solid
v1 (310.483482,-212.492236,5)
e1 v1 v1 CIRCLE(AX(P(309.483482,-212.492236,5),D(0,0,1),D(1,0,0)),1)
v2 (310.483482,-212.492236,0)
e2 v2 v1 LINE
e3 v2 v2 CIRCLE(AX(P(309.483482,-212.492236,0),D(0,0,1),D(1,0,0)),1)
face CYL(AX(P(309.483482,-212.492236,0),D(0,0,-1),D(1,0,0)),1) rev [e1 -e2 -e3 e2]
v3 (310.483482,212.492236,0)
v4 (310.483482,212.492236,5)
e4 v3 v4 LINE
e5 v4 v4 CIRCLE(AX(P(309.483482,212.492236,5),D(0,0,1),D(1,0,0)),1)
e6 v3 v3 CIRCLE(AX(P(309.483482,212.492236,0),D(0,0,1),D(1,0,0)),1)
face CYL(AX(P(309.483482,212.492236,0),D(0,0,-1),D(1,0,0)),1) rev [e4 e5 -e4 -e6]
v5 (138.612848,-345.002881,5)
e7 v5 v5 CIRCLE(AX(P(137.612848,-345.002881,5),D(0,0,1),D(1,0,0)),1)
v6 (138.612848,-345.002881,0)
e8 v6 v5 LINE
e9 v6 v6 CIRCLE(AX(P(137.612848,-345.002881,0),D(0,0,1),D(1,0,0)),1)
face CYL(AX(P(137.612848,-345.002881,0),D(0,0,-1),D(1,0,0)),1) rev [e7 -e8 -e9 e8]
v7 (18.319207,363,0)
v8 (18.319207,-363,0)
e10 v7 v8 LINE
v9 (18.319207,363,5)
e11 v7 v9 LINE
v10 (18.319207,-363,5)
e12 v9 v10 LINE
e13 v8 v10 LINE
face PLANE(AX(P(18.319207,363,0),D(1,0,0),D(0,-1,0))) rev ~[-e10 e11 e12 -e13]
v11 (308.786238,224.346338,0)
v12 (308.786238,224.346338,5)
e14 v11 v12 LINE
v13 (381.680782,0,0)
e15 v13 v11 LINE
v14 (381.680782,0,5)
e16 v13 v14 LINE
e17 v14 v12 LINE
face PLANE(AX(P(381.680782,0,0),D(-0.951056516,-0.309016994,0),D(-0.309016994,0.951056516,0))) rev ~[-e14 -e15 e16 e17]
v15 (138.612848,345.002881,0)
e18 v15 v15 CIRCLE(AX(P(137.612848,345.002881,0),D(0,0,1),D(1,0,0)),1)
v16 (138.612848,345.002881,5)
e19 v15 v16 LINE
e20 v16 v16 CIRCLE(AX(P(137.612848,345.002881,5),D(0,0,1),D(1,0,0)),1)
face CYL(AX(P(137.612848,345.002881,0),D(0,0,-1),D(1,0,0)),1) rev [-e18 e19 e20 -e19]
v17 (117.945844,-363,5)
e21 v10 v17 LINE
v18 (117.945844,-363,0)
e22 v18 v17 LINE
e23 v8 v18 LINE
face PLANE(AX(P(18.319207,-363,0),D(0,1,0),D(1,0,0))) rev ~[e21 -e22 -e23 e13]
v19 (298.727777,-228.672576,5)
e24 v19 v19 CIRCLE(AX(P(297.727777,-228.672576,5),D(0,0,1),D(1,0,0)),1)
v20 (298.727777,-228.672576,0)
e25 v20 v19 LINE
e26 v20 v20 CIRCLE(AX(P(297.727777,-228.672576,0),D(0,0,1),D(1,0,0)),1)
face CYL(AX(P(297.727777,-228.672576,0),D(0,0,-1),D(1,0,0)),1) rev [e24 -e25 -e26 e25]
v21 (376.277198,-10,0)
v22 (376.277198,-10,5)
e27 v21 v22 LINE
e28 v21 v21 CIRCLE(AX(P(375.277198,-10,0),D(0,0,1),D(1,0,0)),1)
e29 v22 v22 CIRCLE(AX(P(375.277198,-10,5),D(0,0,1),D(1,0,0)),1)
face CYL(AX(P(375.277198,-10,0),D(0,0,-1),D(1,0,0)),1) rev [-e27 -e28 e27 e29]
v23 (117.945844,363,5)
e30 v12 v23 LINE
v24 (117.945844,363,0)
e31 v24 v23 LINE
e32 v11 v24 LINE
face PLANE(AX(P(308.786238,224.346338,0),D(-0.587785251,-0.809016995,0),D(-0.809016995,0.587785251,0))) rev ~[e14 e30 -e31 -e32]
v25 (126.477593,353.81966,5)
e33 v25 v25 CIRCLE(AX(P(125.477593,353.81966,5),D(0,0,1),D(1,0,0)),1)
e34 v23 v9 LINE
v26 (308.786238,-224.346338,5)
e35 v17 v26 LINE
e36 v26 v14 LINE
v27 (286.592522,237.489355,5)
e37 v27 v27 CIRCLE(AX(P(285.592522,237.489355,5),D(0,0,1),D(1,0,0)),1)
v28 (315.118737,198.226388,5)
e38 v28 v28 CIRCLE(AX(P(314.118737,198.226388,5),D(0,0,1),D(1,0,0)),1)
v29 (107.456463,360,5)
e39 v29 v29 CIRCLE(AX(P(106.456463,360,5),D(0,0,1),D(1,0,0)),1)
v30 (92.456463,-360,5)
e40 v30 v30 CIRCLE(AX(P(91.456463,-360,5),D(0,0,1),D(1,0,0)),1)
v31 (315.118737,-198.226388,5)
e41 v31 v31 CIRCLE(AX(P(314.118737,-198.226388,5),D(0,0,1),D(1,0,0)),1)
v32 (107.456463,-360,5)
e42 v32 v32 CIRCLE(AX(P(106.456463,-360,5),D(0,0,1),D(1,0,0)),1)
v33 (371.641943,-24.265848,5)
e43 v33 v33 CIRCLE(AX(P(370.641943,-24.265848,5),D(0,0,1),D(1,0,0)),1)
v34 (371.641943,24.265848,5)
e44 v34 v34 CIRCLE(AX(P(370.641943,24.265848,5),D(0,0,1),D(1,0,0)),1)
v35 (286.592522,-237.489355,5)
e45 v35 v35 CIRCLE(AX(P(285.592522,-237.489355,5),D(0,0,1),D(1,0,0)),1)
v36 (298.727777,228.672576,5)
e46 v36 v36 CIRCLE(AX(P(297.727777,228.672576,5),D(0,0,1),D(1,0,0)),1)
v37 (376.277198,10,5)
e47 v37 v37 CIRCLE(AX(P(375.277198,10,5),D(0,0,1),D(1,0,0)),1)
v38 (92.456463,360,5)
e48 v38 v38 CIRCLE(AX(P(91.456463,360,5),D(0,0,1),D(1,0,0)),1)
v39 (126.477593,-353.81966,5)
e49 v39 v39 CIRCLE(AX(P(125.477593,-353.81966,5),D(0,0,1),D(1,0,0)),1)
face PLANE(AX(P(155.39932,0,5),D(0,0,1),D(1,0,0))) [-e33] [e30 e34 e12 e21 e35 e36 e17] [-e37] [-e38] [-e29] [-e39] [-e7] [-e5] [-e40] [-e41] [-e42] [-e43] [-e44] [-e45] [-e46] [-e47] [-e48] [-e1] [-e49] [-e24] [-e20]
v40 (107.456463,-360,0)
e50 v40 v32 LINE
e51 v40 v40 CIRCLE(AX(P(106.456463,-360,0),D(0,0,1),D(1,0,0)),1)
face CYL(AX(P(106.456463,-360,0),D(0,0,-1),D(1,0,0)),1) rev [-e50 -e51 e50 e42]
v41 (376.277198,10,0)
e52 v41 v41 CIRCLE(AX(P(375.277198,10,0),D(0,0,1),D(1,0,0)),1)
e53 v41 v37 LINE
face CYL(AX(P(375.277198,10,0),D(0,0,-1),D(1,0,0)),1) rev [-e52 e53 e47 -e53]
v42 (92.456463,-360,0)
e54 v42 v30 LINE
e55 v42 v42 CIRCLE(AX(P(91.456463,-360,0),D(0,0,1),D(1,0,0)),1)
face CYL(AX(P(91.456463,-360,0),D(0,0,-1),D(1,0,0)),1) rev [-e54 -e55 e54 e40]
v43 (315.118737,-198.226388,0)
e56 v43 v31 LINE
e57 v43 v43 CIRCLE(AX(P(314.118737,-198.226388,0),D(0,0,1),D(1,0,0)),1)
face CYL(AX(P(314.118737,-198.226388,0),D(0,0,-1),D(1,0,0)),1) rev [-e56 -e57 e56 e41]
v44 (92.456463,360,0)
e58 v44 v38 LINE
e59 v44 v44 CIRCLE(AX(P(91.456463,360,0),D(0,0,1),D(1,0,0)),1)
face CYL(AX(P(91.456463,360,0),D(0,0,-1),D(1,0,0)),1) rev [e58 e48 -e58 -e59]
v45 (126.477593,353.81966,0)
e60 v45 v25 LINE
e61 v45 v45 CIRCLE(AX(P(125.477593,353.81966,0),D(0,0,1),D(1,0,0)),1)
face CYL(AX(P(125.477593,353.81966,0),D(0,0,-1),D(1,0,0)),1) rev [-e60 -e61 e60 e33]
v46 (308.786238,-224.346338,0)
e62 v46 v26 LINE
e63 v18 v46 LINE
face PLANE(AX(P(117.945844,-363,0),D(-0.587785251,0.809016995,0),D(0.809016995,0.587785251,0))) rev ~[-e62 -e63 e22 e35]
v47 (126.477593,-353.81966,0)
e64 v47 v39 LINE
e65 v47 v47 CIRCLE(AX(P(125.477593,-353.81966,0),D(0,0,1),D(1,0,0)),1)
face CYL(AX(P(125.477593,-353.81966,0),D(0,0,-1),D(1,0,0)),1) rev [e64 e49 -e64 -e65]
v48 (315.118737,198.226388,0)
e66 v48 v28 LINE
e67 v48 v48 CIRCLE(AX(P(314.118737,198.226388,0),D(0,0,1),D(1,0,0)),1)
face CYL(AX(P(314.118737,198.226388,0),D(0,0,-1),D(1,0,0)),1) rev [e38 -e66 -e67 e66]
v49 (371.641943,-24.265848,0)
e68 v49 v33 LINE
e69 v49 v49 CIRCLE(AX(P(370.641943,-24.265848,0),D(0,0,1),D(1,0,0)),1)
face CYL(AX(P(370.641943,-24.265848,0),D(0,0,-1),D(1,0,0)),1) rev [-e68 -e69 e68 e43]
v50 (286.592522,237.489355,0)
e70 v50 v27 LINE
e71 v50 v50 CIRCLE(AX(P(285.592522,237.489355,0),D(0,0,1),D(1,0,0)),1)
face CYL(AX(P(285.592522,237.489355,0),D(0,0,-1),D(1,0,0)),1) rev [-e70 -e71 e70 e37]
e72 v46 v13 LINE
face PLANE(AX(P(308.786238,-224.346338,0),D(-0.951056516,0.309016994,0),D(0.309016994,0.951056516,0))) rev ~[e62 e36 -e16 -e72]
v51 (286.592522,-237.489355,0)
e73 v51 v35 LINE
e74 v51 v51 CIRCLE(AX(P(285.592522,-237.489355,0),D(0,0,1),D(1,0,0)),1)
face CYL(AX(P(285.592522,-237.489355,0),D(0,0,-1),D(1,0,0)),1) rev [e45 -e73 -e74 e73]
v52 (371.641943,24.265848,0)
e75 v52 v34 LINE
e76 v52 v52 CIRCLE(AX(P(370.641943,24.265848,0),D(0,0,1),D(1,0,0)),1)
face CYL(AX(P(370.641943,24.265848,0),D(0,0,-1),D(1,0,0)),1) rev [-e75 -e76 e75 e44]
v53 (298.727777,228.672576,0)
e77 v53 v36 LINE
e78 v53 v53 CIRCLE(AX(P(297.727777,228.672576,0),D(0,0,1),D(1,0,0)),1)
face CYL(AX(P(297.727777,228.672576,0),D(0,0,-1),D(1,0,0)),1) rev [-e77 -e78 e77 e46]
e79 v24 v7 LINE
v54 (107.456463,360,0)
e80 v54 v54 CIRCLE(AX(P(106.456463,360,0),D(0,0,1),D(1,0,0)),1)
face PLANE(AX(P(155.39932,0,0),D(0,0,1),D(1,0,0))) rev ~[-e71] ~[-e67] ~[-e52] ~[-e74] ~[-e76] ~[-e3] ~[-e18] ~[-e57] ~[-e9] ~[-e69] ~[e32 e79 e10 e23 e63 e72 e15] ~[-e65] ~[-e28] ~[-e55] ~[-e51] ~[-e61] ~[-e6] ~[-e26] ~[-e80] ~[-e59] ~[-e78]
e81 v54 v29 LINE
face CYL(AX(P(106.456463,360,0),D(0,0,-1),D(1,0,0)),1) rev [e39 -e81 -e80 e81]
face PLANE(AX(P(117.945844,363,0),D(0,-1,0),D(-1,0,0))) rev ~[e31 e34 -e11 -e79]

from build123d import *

# Parameters (mm, degrees)
F0_R     = 1
F1_DEPTH = 5


with BuildPart() as f1:
    # F0 (on Top) → F1 (new body)
    with BuildSketch(Plane.XY):
        Polygon((117.945844, 363), (18.319207, 363), (18.319207, -363), (117.945844, -363), (308.786238, -224.346338), (381.680782, 0), (308.786238, 224.346338), align=None)
        with Locations((91.456463, -360)):
            Circle(F0_R, mode=Mode.SUBTRACT)
        with Locations((106.456463, -360)):
            Circle(F0_R, mode=Mode.SUBTRACT)
        with Locations((125.477593, -353.81966)):
            Circle(F0_R, mode=Mode.SUBTRACT)
        with Locations((137.612848, -345.002881)):
            Circle(F0_R, mode=Mode.SUBTRACT)
        with Locations((285.592522, -237.489355)):
            Circle(F0_R, mode=Mode.SUBTRACT)
        with Locations((297.727777, -228.672576)):
            Circle(F0_R, mode=Mode.SUBTRACT)
        with Locations((309.483482, -212.492236)):
            Circle(F0_R, mode=Mode.SUBTRACT)
        with Locations((314.118737, -198.226388)):
            Circle(F0_R, mode=Mode.SUBTRACT)
        with Locations((370.641943, -24.265848)):
            Circle(F0_R, mode=Mode.SUBTRACT)
        with Locations((375.277198, -10)):
            Circle(F0_R, mode=Mode.SUBTRACT)
        with Locations((91.456463, 360)):
            Circle(F0_R, mode=Mode.SUBTRACT)
        with Locations((106.456463, 360)):
            Circle(F0_R, mode=Mode.SUBTRACT)
        with Locations((125.477593, 353.81966)):
            Circle(F0_R, mode=Mode.SUBTRACT)
        with Locations((137.612848, 345.002881)):
            Circle(F0_R, mode=Mode.SUBTRACT)
        with Locations((375.277198, 10)):
            Circle(F0_R, mode=Mode.SUBTRACT)
        with Locations((370.641943, 24.265848)):
            Circle(F0_R, mode=Mode.SUBTRACT)
        with Locations((285.592522, 237.489355)):
            Circle(F0_R, mode=Mode.SUBTRACT)
        with Locations((297.727777, 228.672576)):
            Circle(F0_R, mode=Mode.SUBTRACT)
        with Locations((314.118737, 198.226388)):
            Circle(F0_R, mode=Mode.SUBTRACT)
        with Locations((309.483482, 212.492236)):
            Circle(F0_R, mode=Mode.SUBTRACT)
    extrude(amount=F1_DEPTH)


solid = f1.part
